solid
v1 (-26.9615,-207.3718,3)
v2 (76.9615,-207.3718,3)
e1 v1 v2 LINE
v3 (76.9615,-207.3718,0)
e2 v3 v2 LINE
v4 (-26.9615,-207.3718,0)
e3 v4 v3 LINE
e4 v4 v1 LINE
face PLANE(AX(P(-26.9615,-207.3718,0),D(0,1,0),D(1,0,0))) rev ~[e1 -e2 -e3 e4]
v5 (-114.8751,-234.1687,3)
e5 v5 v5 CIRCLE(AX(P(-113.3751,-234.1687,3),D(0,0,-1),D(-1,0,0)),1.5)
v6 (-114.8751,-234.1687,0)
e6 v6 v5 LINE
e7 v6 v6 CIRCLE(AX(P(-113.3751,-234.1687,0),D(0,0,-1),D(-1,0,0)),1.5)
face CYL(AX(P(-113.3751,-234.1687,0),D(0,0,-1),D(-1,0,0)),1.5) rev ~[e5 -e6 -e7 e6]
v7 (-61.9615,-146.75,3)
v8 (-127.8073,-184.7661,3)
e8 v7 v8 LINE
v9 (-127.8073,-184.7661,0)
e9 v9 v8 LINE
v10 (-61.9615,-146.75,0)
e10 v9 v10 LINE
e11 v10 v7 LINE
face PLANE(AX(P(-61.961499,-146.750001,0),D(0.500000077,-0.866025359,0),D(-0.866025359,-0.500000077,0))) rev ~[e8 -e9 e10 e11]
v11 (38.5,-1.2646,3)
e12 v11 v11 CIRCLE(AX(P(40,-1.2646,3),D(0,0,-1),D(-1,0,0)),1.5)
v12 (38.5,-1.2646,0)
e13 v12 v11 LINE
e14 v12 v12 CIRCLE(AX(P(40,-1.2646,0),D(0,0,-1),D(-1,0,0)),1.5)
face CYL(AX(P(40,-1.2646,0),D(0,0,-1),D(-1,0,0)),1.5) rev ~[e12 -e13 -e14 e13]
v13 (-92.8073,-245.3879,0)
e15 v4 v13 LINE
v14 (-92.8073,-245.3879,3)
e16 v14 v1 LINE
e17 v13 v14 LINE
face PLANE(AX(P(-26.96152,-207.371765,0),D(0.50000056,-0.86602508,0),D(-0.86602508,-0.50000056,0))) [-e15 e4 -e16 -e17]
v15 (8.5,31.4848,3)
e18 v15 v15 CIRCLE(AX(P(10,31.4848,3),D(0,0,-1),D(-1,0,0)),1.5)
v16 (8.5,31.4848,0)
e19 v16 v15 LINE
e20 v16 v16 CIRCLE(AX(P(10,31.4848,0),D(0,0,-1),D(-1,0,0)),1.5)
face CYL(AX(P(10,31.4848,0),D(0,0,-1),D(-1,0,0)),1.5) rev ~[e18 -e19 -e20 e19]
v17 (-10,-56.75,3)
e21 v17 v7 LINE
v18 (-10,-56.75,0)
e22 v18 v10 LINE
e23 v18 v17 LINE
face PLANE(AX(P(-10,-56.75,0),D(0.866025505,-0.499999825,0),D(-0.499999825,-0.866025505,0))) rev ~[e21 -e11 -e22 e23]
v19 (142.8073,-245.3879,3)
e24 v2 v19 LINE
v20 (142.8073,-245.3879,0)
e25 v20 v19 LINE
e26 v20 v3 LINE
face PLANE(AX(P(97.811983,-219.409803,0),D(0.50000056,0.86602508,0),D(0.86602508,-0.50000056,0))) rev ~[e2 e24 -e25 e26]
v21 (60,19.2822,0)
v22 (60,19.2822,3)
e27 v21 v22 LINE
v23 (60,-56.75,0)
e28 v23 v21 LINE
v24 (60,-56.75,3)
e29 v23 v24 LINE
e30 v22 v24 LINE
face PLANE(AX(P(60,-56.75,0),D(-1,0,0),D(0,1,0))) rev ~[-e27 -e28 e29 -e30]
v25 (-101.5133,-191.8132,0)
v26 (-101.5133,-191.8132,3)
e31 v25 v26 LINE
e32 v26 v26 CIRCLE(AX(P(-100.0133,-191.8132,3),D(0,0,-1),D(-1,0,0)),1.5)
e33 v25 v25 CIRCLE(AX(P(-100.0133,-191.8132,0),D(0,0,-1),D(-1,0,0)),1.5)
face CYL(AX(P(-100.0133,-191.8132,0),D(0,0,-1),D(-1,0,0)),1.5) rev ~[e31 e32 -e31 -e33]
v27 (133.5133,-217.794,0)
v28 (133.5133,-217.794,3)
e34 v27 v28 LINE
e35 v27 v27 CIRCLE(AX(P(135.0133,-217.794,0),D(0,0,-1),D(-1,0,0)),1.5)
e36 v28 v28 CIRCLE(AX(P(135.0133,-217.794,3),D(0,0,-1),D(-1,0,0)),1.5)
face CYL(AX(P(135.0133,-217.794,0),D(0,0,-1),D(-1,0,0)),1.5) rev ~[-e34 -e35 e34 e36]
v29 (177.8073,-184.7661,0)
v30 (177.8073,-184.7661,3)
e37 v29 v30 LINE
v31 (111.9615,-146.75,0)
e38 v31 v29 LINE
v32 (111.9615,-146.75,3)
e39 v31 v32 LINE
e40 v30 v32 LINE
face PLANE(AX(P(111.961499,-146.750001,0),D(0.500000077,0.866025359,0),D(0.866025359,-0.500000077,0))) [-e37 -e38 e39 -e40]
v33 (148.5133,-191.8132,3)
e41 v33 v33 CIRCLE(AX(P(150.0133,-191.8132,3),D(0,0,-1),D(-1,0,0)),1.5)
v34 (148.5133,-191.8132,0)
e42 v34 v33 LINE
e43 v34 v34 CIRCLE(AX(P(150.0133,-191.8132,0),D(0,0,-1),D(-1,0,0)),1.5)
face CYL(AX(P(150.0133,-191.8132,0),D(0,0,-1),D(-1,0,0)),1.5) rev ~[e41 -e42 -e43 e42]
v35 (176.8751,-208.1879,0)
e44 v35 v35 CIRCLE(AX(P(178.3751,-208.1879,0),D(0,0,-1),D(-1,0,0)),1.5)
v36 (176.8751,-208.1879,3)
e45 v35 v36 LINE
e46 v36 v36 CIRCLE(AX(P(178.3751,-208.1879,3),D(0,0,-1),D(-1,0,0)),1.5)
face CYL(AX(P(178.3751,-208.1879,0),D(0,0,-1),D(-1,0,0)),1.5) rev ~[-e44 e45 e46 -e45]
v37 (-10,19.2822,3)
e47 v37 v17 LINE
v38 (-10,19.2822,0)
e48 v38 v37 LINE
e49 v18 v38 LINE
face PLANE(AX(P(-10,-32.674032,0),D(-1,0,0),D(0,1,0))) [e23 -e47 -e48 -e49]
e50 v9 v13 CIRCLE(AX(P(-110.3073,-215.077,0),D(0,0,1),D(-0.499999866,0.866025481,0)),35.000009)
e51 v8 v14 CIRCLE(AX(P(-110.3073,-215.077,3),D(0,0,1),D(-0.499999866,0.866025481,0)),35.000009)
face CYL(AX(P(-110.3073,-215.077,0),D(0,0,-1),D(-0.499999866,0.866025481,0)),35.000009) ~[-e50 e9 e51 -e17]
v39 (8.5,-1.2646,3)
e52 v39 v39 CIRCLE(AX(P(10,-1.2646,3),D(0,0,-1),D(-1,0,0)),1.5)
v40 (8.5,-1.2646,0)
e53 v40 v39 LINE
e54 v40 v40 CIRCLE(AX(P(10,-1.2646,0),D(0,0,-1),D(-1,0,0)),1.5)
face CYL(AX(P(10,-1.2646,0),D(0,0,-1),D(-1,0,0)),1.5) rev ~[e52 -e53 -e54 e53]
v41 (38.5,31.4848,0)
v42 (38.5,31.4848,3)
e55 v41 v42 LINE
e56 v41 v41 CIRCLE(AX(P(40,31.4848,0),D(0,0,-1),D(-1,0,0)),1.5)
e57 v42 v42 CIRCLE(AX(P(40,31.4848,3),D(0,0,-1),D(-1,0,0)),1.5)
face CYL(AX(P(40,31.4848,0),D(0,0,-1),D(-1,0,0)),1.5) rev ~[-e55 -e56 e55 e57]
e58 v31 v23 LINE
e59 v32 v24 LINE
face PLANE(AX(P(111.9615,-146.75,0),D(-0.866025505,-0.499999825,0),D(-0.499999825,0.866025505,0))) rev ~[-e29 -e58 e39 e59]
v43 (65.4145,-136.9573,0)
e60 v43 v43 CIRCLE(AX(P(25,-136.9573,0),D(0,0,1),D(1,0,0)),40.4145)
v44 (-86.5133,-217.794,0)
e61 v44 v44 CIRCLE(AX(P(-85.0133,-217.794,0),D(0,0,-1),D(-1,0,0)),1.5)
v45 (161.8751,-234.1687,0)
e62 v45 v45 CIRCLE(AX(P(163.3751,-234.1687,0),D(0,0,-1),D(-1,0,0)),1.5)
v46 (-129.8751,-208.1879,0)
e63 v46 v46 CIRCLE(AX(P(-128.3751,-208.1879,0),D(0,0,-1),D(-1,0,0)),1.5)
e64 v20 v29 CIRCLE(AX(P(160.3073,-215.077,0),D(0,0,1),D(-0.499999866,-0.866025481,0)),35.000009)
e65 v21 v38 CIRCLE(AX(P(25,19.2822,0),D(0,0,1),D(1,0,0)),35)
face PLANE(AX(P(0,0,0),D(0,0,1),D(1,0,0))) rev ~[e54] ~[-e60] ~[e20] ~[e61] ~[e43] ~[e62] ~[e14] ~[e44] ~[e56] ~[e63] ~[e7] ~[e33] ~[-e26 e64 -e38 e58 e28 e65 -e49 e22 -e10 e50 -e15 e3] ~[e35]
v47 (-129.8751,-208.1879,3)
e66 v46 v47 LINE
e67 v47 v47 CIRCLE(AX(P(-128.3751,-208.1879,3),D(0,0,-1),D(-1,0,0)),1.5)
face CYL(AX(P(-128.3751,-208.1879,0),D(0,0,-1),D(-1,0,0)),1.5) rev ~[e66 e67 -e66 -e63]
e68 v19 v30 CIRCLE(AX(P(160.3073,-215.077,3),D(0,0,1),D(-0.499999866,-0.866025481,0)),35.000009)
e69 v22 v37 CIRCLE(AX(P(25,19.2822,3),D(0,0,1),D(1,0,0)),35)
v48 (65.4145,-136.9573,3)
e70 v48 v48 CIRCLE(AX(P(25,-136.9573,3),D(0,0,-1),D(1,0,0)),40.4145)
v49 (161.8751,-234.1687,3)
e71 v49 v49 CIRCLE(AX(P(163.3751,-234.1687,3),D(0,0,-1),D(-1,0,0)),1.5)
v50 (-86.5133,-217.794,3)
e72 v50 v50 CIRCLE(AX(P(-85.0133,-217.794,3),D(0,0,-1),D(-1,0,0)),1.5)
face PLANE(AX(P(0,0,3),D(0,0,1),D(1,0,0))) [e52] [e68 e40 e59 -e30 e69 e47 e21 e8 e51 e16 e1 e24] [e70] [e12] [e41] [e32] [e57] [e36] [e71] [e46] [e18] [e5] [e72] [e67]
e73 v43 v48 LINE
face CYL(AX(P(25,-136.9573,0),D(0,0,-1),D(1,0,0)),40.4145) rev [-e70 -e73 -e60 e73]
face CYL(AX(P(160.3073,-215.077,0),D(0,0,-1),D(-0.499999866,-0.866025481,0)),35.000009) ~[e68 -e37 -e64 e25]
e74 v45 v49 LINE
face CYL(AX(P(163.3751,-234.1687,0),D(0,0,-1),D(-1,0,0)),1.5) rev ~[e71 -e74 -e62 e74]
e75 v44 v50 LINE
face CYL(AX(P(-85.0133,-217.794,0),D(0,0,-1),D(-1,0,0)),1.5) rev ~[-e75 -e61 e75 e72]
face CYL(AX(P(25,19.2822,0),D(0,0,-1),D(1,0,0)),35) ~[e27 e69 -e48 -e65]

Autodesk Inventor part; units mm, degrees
ref_plane "YZ Plane" through (0, 0, 0) normal (1, 0, 0) x (0, 1, 0)
ref_plane "XZ Plane" through (0, 0, 0) normal (0, 1, 0) x (-1, 0, 0)
ref_plane "XY Plane" through (0, 0, 0) normal (0, 0, 1) x (1, 0, 0)
ref_plane "Work Plane1" through (0, 0, 0) normal (0, 0, 1) x (1, 0, 0)
sketch "Sketch1" plane through (0, 0, 0) normal (0, 0, 1) x (1, 0, 0)
  circle A0 centre (25, -136.9573) radius 110
  line L0 (-96.6901, -226.845) -> (-113.6901, -197.4001)
  line L1 (-101.8073, -229.7994) -> (-118.8073, -200.3545)
  line L2 (163.6901, -197.4001) -> (146.6901, -226.845)
  line L3 (168.8073, -200.3545) -> (151.8073, -229.7994)
  line L4 (8, 13.3733) -> (42, 13.3733)
  line L5 (8, 19.2822) -> (42, 19.2822)
  line L6 (25, -136.9573) -> (25, 19.2822)
  line L7 (25, -136.9573) -> (160.3073, -215.077)
  line L8 (25, -136.9573) -> (-110.3073, -215.077)
  line L9 (-10, -135.9724) -> (-10, 19.2822)
  line L10 (60, -135.9724) -> (60, 19.2822)
  line L11 (43.3529, -107.1388) -> (177.8073, -184.7661)
  line L12 (8.3529, -167.7605) -> (142.8073, -245.3879)
  line L13 (41.6471, -167.7605) -> (-92.8073, -245.3879)
  line L14 (6.6471, -107.1388) -> (-127.8073, -184.7661)
  arc A1 (142.8073, -245.3879) -> (177.8073, -184.7661) centre (160.3073, -215.077) ccw
  arc A2 (60, 19.2822) -> (-10, 19.2822) centre (25, 19.2822) ccw
  arc A3 (-127.8073, -184.7661) -> (-92.8073, -245.3879) centre (-110.3073, -215.077) ccw
  line L15 (25, -177.3718) -> (76.9615, -207.3718)
  line L16 (-10, -116.75) -> (-61.9615, -146.75)
  line L17 (-10, -116.75) -> (-10, -56.75)
  line L18 (60, -116.75) -> (60, -56.75)
  line L19 (60, -116.75) -> (111.9615, -146.75)
  line L20 (111.9615, -146.75) -> (60, -56.75)
  line L21 (-10, -56.75) -> (-61.9615, -146.75)
  line L22 (25, -177.3718) -> (-26.9615, -207.3718)
  line L23 (-26.9615, -207.3718) -> (76.9615, -207.3718)
  circle A4 centre (25, -136.9573) radius 40.4145
  point P0 (0, 0)
extrude "Extrusion1" add sketch "Sketch1" along normal blind 3 contours L10 A4 L6 A0 | A0 L9 A2 L10 | L11 A1 L12 A0 | A0 L7 A4 L11 | L6 A4 L9 A0 | L20 L11 L10 | A0 L12 A4 L7 | L14 A4 L8 A0 | A0 L13 A3 L14 | L9 L14 L21 | A0 L8 A4 L13 | L23 L13 L12
sketch "Sketch3" plane through (0, 0, 0) normal (0, 0, -1) x (-1, 0, 0)
  circle A0 centre (-40, -1.2646) radius 1.5 projected
  circle A1 centre (-10, -1.2646) radius 1.5 projected
  circle A2 centre (-10, 31.4848) radius 1.5 projected
  circle A3 centre (-40, 31.4848) radius 1.5 projected
  circle A4 centre (113.3751, -234.1687) radius 1.5 projected
  circle A5 centre (85.0133, -217.794) radius 1.5 projected
  circle A6 centre (100.0133, -191.8132) radius 1.5 projected
  circle A7 centre (128.3751, -208.1879) radius 1.5 projected
  circle A8 centre (-135.0133, -217.794) radius 1.5 projected
  circle A9 centre (-163.3751, -234.1687) radius 1.5 projected
  circle A10 centre (-178.3751, -208.1879) radius 1.5 projected
  circle A11 centre (-150.0133, -191.8132) radius 1.5 projected
  point P0 (0, 0)
extrude "Extrusion2" cut sketch "Sketch3" against normal blind 6
properties part number "Bund"
